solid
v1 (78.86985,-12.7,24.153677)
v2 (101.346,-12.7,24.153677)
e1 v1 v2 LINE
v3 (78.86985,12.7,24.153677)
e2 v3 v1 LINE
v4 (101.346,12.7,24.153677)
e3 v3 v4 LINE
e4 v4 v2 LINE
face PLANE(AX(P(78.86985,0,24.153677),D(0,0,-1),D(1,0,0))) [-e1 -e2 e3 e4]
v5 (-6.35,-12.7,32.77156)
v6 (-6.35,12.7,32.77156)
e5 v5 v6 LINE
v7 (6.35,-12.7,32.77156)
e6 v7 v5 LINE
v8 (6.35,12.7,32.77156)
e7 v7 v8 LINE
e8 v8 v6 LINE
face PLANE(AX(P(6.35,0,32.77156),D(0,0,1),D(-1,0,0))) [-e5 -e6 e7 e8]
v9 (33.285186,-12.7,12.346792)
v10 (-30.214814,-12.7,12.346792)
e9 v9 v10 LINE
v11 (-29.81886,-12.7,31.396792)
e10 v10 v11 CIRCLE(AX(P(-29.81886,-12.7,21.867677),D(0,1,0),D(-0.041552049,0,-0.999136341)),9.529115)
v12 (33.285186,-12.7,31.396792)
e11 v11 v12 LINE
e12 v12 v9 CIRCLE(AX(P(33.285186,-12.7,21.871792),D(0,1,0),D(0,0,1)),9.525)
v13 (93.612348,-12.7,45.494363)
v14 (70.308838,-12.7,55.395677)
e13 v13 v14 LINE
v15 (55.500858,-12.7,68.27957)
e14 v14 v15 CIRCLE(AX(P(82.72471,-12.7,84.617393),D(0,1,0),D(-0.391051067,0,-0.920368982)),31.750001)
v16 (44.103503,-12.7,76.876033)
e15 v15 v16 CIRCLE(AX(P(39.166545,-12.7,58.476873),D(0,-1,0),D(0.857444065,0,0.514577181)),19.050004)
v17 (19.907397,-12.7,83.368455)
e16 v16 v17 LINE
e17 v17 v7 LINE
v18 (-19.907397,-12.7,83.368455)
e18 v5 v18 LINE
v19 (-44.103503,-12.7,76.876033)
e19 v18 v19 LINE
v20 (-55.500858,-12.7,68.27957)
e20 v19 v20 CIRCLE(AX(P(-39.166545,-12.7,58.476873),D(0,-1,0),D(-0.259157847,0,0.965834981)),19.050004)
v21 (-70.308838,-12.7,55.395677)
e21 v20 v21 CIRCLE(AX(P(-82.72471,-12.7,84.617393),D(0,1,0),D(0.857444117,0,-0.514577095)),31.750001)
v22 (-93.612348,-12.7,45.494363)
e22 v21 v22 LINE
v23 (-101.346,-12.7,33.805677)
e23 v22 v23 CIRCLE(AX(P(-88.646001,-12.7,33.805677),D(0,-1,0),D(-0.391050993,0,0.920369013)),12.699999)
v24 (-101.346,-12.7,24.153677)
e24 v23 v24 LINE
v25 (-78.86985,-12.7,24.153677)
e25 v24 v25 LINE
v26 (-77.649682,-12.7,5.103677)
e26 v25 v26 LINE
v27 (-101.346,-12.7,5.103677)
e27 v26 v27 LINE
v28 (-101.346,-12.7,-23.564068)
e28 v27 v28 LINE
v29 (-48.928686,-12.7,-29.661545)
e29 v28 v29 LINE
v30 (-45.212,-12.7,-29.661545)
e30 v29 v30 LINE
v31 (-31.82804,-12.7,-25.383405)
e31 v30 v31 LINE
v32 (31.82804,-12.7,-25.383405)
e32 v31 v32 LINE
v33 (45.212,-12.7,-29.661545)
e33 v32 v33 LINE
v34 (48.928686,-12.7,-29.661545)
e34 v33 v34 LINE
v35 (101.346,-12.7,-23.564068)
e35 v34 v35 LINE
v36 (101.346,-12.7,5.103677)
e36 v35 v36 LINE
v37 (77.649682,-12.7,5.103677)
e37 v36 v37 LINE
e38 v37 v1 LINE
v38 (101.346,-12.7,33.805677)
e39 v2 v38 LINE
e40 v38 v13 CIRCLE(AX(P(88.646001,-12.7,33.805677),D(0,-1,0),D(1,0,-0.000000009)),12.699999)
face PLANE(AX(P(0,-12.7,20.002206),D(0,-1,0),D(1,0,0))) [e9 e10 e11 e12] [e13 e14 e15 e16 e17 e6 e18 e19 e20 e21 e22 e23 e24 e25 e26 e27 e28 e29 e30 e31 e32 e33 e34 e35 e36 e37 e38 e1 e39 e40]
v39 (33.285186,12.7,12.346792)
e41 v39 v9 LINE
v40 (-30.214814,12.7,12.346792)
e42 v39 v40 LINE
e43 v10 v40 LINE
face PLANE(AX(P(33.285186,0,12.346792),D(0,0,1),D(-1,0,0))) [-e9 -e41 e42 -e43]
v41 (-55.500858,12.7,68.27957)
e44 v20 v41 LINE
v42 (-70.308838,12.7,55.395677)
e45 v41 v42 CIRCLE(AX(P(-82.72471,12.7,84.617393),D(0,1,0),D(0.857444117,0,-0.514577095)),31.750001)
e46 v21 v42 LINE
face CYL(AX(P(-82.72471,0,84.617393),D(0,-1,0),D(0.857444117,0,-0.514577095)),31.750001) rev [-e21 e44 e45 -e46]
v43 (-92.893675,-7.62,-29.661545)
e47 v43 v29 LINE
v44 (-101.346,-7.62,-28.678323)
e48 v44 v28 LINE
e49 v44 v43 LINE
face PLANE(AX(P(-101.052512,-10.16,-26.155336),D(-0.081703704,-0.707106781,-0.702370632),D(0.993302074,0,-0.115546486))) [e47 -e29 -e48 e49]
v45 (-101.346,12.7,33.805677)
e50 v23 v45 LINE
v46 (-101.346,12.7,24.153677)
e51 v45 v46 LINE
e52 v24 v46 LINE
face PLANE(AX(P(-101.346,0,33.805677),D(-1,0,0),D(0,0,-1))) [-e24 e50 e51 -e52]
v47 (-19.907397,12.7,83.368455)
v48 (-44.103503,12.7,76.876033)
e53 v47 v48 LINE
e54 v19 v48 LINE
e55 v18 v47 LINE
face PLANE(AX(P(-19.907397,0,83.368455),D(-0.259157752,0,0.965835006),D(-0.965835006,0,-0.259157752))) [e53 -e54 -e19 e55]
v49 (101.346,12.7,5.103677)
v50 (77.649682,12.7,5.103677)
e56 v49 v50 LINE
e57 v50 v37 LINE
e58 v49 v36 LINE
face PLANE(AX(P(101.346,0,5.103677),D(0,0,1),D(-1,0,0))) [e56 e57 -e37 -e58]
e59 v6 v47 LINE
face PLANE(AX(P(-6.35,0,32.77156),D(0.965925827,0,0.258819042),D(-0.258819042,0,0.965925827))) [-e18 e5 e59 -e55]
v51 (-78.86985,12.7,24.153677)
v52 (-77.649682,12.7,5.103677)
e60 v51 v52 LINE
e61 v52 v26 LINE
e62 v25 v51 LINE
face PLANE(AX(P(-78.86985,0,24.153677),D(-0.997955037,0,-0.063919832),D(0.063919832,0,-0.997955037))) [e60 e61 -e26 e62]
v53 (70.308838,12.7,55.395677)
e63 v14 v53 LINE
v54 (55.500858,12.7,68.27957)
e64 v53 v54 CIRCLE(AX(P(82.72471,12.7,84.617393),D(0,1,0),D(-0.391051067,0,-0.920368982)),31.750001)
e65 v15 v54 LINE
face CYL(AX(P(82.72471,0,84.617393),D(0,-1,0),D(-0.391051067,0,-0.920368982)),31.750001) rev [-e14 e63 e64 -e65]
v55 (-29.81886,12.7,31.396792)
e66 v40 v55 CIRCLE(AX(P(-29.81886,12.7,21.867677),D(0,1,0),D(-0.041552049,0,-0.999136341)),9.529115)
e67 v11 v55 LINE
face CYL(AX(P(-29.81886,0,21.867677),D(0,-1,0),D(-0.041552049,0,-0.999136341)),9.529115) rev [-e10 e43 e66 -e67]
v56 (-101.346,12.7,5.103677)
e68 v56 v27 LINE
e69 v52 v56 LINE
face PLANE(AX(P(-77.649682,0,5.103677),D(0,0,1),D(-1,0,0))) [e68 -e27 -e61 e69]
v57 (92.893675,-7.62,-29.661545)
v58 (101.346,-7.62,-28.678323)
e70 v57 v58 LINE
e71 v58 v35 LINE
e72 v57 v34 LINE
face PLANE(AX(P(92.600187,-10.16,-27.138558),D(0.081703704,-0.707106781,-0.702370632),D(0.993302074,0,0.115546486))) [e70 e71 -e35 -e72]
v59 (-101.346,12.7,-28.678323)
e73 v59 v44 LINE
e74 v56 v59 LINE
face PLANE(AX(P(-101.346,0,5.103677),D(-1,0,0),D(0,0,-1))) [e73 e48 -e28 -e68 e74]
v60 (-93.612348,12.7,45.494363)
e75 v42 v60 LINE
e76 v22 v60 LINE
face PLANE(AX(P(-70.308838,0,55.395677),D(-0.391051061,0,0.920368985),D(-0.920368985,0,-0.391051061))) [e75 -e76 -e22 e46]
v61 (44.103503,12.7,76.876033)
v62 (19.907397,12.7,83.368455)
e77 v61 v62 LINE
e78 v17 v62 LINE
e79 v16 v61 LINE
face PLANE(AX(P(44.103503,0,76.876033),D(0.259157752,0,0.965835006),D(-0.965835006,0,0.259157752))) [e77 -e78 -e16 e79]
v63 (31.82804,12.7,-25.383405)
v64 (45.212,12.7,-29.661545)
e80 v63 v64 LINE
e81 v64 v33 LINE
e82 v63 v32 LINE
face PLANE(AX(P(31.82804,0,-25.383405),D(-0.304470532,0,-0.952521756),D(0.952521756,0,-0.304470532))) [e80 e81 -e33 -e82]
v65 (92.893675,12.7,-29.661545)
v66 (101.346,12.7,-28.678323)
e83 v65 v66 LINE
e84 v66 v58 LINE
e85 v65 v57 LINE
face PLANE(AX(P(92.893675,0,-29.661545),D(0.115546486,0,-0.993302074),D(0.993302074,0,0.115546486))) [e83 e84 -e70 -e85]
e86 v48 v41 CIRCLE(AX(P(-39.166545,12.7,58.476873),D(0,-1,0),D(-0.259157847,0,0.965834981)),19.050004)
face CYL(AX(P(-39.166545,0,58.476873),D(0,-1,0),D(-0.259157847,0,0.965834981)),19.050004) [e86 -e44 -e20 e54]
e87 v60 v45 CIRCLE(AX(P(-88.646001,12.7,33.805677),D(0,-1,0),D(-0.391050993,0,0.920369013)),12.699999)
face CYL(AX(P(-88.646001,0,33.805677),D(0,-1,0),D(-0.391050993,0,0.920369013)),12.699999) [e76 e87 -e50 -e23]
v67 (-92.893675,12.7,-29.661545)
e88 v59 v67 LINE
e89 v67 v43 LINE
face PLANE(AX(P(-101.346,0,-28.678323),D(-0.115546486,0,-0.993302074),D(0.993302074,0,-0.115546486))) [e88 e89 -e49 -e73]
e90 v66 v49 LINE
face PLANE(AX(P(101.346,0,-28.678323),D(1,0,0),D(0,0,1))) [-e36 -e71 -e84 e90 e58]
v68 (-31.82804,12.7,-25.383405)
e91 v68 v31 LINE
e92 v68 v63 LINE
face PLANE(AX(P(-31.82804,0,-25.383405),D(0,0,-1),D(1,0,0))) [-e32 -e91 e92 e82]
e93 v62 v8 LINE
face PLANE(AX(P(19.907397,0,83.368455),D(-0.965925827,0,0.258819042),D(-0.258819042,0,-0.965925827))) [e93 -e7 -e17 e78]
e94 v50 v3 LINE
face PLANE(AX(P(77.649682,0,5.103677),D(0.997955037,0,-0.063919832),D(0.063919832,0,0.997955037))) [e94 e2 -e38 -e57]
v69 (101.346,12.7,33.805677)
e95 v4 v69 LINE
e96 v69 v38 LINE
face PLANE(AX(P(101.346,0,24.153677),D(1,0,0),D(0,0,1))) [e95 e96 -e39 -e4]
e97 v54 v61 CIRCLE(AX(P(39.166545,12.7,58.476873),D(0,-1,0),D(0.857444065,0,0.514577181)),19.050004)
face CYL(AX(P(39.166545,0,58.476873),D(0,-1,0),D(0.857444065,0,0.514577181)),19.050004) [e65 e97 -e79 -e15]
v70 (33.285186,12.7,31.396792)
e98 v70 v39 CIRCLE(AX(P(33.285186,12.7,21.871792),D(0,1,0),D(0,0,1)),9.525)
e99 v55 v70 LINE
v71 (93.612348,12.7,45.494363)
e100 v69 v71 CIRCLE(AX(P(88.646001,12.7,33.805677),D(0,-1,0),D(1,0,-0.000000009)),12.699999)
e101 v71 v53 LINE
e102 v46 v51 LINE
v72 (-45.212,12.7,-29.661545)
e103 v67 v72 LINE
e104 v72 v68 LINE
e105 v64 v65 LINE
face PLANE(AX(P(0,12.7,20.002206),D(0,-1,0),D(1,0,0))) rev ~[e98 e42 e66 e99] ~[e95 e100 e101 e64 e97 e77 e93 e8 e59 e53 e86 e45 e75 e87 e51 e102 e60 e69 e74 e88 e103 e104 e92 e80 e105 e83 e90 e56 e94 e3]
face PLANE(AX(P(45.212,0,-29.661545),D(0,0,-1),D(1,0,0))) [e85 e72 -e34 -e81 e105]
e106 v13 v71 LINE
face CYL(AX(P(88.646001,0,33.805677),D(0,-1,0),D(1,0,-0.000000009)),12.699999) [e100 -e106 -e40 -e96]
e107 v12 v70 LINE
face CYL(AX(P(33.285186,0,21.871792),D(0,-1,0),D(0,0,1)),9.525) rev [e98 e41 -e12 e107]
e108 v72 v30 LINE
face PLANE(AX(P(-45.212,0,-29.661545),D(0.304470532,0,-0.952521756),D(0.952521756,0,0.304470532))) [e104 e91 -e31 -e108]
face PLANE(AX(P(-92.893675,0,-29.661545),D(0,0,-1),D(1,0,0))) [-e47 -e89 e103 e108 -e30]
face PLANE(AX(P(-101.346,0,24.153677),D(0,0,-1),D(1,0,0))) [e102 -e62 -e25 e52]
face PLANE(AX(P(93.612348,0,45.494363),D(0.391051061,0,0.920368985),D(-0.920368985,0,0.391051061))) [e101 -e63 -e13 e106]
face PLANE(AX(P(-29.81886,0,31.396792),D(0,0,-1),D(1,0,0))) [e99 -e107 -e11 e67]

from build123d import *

# Parameters (mm, degrees)
F1_DEPTH = 12.7
F2_SIZE  = 5.08


with BuildPart() as f1:
    # F0 (on Front) → F1 (new body, symmetric)
    with BuildSketch(Plane.XZ):
        with BuildLine():
            Line((-78.86985, 24.153677), (-77.649682, 5.103677))
            Line((-77.649682, 5.103677), (-101.346, 5.103677))
            Line((-101.346, 5.103677), (-101.346, -28.678323))
            Line((-101.346, -28.678323), (-92.893675, -29.661545))
            Line((-92.893675, -29.661545), (-45.212, -29.661545))
            Line((-45.212, -29.661545), (-31.82804, -25.383405))
            Line((-31.82804, -25.383405), (31.82804, -25.383405))
            Line((31.82804, -25.383405), (45.212, -29.661545))
            Line((45.212, -29.661545), (92.893675, -29.661545))
            Line((92.893675, -29.661545), (101.346, -28.678323))
            Line((101.346, -28.678323), (101.346, 5.103677))
            Line((101.346, 5.103677), (77.649682, 5.103677))
            Line((77.649682, 5.103677), (78.86985, 24.153677))
            Line((78.86985, 24.153677), (101.346, 24.153677))
            Line((101.346, 24.153677), (101.346, 33.805677))
            ThreePointArc((101.346, 33.805677), (99.237568, 40.813436), (93.612348, 45.494363))
            Line((93.612348, 45.494363), (70.308838, 55.395677))
            ThreePointArc((70.308838, 55.395677), (61.88423, 60.664586), (55.500858, 68.27957))
            ThreePointArc((55.500858, 68.27957), (50.637881, 73.685788), (44.103503, 76.876033))
            Line((44.103503, 76.876033), (19.907397, 83.368455))
            Line((19.907397, 83.368455), (6.35, 32.77156))
            Line((6.35, 32.77156), (-6.35, 32.77156))
            Line((-6.35, 32.77156), (-19.907397, 83.368455))
            Line((-19.907397, 83.368455), (-44.103503, 76.876033))
            ThreePointArc((-44.103503, 76.876033), (-50.637881, 73.685788), (-55.500858, 68.27957))
            ThreePointArc((-55.500858, 68.27957), (-61.88423, 60.664586), (-70.308838, 55.395677))
            Line((-70.308838, 55.395677), (-93.612348, 45.494363))
            ThreePointArc((-93.612348, 45.494363), (-99.237568, 40.813436), (-101.346, 33.805677))
            Line((-101.346, 33.805677), (-101.346, 24.153677))
            Line((-101.346, 24.153677), (-78.86985, 24.153677))
        make_face()
        with BuildLine():
            Line((33.285186, 12.346792), (-30.214814, 12.346792))
            ThreePointArc((-30.214814, 12.346792), (-39.345917, 22.065697), (-29.81886, 31.396792))
            Line((-29.81886, 31.396792), (33.285186, 31.396792))
            ThreePointArc((33.285186, 31.396792), (42.810186, 21.871792), (33.285186, 12.346792))
        make_face(mode=Mode.SUBTRACT)
    extrude(amount=F1_DEPTH, both=True)

    # F2
    f2_edges = [f1.edges().sort_by_distance(p)[0] for p in [
        (-97.119838, -12.7, -29.169934),
        (97.119838, -12.7, -29.169934),
    ]]
    chamfer(f2_edges, length=F2_SIZE)


solid = f1.part
